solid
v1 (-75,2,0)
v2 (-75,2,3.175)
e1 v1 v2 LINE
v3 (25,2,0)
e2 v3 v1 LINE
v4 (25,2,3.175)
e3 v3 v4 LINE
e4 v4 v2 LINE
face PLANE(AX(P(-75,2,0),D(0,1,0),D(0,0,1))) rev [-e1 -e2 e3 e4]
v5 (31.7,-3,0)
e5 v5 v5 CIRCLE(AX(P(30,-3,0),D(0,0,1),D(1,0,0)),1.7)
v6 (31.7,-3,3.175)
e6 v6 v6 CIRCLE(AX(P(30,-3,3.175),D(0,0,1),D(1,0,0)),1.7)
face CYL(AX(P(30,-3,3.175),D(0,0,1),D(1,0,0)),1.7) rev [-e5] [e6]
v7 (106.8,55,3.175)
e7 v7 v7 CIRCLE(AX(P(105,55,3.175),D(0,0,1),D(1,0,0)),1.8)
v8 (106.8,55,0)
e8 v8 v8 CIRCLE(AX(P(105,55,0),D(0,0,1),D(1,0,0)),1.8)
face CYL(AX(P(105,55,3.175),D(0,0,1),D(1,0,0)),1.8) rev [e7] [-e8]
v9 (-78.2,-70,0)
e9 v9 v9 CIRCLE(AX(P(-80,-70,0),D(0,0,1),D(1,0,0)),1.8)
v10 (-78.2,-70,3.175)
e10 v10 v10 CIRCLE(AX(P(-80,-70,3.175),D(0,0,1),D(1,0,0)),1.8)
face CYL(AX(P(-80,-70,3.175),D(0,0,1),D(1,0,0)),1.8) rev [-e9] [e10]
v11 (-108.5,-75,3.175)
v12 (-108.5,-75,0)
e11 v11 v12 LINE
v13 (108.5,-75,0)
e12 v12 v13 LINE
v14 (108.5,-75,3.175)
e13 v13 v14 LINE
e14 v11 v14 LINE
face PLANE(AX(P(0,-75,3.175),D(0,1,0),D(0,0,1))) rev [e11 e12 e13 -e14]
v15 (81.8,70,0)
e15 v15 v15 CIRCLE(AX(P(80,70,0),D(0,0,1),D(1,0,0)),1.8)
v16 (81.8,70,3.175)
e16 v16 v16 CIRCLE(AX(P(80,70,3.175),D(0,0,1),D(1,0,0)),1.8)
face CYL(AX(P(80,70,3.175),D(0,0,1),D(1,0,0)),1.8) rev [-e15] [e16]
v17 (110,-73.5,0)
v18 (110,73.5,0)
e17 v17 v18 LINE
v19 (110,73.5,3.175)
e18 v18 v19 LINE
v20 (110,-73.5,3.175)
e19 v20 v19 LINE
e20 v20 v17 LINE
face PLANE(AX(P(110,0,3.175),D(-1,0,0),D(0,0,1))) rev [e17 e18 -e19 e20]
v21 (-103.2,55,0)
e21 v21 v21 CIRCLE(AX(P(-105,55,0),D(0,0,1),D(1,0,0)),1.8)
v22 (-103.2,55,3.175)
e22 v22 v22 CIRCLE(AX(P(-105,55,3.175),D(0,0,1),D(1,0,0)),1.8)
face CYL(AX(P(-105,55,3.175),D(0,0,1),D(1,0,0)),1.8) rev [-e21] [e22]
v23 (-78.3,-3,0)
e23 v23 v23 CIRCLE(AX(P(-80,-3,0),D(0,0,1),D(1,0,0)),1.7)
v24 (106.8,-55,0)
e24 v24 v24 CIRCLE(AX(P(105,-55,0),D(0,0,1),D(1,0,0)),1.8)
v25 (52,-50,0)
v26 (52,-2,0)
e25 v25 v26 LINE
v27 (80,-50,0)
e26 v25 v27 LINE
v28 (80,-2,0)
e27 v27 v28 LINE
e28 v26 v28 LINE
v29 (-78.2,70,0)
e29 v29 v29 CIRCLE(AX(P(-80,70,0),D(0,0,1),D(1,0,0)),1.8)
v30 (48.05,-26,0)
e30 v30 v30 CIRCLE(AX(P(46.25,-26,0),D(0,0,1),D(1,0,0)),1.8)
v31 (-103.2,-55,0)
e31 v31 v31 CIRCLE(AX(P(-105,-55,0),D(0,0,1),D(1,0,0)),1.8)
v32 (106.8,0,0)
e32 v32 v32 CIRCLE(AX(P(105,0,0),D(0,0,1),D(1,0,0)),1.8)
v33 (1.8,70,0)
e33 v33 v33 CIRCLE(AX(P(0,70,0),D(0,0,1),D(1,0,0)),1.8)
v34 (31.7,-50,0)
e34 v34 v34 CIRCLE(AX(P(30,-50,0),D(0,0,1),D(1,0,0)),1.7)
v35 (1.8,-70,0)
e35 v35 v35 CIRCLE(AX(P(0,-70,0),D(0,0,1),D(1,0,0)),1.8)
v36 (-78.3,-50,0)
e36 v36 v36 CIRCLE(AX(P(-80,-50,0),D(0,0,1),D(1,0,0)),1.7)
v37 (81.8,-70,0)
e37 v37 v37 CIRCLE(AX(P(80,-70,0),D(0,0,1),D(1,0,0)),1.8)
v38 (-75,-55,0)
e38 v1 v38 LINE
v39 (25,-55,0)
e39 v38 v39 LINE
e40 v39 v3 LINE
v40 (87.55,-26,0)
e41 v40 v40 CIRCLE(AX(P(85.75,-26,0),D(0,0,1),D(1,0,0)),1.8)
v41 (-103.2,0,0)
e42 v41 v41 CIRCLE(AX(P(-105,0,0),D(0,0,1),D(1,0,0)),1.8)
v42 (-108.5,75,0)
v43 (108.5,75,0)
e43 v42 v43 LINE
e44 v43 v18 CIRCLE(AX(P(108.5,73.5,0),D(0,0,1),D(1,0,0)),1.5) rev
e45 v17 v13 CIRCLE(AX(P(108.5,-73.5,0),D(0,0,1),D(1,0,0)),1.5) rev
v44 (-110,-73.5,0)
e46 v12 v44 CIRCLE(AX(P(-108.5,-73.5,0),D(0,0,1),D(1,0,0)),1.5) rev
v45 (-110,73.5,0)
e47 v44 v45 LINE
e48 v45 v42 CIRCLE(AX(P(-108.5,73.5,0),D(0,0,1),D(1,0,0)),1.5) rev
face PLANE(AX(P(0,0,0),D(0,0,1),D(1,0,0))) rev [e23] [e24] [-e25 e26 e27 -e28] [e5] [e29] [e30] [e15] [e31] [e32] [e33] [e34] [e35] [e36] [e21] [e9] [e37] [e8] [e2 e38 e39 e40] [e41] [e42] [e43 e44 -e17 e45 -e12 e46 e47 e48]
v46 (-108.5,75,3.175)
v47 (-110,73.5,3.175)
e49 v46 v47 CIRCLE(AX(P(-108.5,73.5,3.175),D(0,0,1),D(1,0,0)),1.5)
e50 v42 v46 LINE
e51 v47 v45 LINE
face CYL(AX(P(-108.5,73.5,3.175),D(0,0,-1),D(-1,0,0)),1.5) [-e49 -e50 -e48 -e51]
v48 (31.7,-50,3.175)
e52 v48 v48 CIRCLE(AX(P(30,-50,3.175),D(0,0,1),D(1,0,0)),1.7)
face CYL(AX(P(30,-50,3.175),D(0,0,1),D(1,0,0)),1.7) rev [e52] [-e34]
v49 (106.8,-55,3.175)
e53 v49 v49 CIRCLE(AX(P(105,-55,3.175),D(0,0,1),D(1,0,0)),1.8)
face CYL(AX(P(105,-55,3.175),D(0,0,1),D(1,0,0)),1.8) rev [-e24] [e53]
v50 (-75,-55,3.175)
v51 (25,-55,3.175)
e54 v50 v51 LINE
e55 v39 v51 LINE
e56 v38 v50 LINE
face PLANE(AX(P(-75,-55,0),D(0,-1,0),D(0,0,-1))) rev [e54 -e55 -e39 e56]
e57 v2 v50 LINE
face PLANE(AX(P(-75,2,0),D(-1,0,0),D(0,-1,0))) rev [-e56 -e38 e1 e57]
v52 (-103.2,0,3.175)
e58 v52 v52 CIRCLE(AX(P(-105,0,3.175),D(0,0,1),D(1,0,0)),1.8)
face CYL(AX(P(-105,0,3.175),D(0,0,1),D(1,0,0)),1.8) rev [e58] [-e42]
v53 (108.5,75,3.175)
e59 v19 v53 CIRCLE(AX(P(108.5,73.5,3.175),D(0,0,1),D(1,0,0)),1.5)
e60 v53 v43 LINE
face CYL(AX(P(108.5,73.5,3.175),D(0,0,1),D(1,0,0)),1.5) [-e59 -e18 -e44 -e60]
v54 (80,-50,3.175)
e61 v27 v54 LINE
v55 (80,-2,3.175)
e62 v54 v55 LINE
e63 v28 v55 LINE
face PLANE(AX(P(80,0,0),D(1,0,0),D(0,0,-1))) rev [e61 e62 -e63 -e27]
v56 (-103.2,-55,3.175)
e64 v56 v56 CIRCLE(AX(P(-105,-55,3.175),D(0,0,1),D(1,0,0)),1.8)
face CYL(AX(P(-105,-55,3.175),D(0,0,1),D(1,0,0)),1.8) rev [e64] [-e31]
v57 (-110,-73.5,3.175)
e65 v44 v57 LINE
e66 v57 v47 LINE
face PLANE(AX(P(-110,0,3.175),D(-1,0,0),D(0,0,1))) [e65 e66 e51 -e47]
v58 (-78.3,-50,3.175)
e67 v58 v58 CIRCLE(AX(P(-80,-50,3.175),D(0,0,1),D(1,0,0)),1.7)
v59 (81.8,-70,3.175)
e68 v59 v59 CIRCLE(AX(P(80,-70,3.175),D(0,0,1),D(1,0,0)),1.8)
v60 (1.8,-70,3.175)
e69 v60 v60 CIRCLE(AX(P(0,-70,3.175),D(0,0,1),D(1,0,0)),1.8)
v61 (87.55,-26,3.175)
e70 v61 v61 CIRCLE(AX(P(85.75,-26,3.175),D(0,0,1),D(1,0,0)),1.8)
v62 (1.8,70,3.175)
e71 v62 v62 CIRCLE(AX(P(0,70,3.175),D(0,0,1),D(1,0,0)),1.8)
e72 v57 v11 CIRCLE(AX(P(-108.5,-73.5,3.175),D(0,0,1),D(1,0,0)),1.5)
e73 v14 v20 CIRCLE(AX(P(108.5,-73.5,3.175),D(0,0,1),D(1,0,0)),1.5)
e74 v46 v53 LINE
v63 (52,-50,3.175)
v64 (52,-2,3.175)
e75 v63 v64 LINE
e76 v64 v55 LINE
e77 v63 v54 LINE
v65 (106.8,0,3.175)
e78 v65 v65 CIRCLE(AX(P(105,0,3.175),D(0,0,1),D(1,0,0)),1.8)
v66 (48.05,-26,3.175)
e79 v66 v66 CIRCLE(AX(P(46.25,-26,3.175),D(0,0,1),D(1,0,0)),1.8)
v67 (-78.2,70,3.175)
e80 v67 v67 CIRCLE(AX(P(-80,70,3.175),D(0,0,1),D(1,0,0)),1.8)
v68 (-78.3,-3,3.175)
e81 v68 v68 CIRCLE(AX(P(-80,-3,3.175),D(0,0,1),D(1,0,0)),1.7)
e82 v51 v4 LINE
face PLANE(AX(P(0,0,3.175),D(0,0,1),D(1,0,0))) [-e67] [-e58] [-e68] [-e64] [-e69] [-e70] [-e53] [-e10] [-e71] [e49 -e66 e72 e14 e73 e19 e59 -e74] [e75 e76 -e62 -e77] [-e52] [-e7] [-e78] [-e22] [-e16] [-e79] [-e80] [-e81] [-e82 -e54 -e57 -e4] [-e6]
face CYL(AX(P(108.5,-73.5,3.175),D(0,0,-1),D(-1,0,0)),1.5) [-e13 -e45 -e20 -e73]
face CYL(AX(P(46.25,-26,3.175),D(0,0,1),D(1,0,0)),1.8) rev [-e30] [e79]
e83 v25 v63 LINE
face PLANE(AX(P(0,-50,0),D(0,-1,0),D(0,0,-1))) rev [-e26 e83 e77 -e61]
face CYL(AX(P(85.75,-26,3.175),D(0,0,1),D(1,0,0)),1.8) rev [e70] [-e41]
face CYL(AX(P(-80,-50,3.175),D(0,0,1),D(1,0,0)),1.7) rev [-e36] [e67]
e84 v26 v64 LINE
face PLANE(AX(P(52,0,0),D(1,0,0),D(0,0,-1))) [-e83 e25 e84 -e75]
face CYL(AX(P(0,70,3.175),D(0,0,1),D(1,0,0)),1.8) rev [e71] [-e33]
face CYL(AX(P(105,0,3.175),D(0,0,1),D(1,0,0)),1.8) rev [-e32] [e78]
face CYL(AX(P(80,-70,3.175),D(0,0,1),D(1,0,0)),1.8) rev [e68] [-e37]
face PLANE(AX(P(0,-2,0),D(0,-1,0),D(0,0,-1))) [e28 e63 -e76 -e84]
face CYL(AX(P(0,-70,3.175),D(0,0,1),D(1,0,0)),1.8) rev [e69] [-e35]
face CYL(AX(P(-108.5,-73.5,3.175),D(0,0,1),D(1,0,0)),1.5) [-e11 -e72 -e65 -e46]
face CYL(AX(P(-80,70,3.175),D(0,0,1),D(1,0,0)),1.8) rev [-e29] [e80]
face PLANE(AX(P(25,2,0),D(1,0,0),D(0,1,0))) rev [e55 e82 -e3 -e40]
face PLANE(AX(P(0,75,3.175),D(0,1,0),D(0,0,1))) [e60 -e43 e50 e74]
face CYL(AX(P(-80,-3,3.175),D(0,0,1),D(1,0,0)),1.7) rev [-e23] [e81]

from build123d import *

# Parameters (mm, degrees)
SKETCH1_W            = 220
SKETCH1_H            = 150
BOSS_EXTRUDE1_DEPTH  = 3.175
M3_CLEARANCE_HOLE1_D = 3.6
SKETCH4_W            = 10
SKETCH4_H            = 10
BOSS_EXTRUDE2_DEPTH  = 3.175
FILLET2_R            = 1.5
SKETCH5_W            = 28
SKETCH5_H            = 48
CUT_EXTRUDE1_DEPTH   = 4.175
M3_CLEARANCE_HOLE2_D = 3.6
SKETCH8_W            = 100
SKETCH8_H            = 57
CUT_EXTRUDE2_DEPTH   = 4.175
M3_CLEARANCE_HOLE3_D = 3.4


with BuildPart() as part:
    # Sketch1 → Boss-Extrude1 (new body)
    with BuildSketch(Plane.XY):
        Rectangle(SKETCH1_W, SKETCH1_H)
    extrude(amount=BOSS_EXTRUDE1_DEPTH)

    # M3 Clearance Hole1 (through all)
    with Locations(Plane.XY.offset(3.175)):
        with Locations((0, 0), (-80, 70), (80, 70), (0, 70), (-105, 55), (-105, 0), (-105, -55), (-80, -70), (0, -70), (80, -70), (105, -55), (105, 0), (105, 55)):
            Hole(M3_CLEARANCE_HOLE1_D / 2)

    # Sketch4 → Boss-Extrude2 (add, through all)
    with BuildSketch(Plane.XY.offset(3.175)):
        Rectangle(SKETCH4_W, SKETCH4_H)
    extrude(amount=-BOSS_EXTRUDE2_DEPTH)

    # Fillet2
    fillet2_edges = [part.edges().sort_by_distance(p)[0] for p in [
        (-110, -75, 1.5875),
        (-110, 75, 1.5875),
        (110, 75, 1.5875),
        (110, -75, 1.5875),
    ]]
    fillet(fillet2_edges, radius=FILLET2_R)

    # Sketch5 → Cut-Extrude1 (cut, through all)
    with BuildSketch(Plane.XY.offset(3.175)):
        with Locations((66, -26)):
            Rectangle(SKETCH5_W, SKETCH5_H)
    extrude(amount=-CUT_EXTRUDE1_DEPTH, mode=Mode.SUBTRACT)

    # M3 Clearance Hole2 (through all)
    with Locations(Plane.XY.offset(3.175)):
        with Locations((46.25, -26), (85.75, -26)):
            Hole(M3_CLEARANCE_HOLE2_D / 2)

    # Sketch8 → Cut-Extrude2 (cut, through all)
    with BuildSketch(Plane.XY.offset(3.175)):
        with Locations((-25, -26.5)):
            Rectangle(SKETCH8_W, SKETCH8_H)
    extrude(amount=-CUT_EXTRUDE2_DEPTH, mode=Mode.SUBTRACT)

    # M3 Clearance Hole3 (through all)
    with Locations(Plane.XY.offset(3.175)):
        with Locations((-80, -3), (-80, -50), (30, -50), (30, -3)):
            Hole(M3_CLEARANCE_HOLE3_D / 2)


solid = part.part
